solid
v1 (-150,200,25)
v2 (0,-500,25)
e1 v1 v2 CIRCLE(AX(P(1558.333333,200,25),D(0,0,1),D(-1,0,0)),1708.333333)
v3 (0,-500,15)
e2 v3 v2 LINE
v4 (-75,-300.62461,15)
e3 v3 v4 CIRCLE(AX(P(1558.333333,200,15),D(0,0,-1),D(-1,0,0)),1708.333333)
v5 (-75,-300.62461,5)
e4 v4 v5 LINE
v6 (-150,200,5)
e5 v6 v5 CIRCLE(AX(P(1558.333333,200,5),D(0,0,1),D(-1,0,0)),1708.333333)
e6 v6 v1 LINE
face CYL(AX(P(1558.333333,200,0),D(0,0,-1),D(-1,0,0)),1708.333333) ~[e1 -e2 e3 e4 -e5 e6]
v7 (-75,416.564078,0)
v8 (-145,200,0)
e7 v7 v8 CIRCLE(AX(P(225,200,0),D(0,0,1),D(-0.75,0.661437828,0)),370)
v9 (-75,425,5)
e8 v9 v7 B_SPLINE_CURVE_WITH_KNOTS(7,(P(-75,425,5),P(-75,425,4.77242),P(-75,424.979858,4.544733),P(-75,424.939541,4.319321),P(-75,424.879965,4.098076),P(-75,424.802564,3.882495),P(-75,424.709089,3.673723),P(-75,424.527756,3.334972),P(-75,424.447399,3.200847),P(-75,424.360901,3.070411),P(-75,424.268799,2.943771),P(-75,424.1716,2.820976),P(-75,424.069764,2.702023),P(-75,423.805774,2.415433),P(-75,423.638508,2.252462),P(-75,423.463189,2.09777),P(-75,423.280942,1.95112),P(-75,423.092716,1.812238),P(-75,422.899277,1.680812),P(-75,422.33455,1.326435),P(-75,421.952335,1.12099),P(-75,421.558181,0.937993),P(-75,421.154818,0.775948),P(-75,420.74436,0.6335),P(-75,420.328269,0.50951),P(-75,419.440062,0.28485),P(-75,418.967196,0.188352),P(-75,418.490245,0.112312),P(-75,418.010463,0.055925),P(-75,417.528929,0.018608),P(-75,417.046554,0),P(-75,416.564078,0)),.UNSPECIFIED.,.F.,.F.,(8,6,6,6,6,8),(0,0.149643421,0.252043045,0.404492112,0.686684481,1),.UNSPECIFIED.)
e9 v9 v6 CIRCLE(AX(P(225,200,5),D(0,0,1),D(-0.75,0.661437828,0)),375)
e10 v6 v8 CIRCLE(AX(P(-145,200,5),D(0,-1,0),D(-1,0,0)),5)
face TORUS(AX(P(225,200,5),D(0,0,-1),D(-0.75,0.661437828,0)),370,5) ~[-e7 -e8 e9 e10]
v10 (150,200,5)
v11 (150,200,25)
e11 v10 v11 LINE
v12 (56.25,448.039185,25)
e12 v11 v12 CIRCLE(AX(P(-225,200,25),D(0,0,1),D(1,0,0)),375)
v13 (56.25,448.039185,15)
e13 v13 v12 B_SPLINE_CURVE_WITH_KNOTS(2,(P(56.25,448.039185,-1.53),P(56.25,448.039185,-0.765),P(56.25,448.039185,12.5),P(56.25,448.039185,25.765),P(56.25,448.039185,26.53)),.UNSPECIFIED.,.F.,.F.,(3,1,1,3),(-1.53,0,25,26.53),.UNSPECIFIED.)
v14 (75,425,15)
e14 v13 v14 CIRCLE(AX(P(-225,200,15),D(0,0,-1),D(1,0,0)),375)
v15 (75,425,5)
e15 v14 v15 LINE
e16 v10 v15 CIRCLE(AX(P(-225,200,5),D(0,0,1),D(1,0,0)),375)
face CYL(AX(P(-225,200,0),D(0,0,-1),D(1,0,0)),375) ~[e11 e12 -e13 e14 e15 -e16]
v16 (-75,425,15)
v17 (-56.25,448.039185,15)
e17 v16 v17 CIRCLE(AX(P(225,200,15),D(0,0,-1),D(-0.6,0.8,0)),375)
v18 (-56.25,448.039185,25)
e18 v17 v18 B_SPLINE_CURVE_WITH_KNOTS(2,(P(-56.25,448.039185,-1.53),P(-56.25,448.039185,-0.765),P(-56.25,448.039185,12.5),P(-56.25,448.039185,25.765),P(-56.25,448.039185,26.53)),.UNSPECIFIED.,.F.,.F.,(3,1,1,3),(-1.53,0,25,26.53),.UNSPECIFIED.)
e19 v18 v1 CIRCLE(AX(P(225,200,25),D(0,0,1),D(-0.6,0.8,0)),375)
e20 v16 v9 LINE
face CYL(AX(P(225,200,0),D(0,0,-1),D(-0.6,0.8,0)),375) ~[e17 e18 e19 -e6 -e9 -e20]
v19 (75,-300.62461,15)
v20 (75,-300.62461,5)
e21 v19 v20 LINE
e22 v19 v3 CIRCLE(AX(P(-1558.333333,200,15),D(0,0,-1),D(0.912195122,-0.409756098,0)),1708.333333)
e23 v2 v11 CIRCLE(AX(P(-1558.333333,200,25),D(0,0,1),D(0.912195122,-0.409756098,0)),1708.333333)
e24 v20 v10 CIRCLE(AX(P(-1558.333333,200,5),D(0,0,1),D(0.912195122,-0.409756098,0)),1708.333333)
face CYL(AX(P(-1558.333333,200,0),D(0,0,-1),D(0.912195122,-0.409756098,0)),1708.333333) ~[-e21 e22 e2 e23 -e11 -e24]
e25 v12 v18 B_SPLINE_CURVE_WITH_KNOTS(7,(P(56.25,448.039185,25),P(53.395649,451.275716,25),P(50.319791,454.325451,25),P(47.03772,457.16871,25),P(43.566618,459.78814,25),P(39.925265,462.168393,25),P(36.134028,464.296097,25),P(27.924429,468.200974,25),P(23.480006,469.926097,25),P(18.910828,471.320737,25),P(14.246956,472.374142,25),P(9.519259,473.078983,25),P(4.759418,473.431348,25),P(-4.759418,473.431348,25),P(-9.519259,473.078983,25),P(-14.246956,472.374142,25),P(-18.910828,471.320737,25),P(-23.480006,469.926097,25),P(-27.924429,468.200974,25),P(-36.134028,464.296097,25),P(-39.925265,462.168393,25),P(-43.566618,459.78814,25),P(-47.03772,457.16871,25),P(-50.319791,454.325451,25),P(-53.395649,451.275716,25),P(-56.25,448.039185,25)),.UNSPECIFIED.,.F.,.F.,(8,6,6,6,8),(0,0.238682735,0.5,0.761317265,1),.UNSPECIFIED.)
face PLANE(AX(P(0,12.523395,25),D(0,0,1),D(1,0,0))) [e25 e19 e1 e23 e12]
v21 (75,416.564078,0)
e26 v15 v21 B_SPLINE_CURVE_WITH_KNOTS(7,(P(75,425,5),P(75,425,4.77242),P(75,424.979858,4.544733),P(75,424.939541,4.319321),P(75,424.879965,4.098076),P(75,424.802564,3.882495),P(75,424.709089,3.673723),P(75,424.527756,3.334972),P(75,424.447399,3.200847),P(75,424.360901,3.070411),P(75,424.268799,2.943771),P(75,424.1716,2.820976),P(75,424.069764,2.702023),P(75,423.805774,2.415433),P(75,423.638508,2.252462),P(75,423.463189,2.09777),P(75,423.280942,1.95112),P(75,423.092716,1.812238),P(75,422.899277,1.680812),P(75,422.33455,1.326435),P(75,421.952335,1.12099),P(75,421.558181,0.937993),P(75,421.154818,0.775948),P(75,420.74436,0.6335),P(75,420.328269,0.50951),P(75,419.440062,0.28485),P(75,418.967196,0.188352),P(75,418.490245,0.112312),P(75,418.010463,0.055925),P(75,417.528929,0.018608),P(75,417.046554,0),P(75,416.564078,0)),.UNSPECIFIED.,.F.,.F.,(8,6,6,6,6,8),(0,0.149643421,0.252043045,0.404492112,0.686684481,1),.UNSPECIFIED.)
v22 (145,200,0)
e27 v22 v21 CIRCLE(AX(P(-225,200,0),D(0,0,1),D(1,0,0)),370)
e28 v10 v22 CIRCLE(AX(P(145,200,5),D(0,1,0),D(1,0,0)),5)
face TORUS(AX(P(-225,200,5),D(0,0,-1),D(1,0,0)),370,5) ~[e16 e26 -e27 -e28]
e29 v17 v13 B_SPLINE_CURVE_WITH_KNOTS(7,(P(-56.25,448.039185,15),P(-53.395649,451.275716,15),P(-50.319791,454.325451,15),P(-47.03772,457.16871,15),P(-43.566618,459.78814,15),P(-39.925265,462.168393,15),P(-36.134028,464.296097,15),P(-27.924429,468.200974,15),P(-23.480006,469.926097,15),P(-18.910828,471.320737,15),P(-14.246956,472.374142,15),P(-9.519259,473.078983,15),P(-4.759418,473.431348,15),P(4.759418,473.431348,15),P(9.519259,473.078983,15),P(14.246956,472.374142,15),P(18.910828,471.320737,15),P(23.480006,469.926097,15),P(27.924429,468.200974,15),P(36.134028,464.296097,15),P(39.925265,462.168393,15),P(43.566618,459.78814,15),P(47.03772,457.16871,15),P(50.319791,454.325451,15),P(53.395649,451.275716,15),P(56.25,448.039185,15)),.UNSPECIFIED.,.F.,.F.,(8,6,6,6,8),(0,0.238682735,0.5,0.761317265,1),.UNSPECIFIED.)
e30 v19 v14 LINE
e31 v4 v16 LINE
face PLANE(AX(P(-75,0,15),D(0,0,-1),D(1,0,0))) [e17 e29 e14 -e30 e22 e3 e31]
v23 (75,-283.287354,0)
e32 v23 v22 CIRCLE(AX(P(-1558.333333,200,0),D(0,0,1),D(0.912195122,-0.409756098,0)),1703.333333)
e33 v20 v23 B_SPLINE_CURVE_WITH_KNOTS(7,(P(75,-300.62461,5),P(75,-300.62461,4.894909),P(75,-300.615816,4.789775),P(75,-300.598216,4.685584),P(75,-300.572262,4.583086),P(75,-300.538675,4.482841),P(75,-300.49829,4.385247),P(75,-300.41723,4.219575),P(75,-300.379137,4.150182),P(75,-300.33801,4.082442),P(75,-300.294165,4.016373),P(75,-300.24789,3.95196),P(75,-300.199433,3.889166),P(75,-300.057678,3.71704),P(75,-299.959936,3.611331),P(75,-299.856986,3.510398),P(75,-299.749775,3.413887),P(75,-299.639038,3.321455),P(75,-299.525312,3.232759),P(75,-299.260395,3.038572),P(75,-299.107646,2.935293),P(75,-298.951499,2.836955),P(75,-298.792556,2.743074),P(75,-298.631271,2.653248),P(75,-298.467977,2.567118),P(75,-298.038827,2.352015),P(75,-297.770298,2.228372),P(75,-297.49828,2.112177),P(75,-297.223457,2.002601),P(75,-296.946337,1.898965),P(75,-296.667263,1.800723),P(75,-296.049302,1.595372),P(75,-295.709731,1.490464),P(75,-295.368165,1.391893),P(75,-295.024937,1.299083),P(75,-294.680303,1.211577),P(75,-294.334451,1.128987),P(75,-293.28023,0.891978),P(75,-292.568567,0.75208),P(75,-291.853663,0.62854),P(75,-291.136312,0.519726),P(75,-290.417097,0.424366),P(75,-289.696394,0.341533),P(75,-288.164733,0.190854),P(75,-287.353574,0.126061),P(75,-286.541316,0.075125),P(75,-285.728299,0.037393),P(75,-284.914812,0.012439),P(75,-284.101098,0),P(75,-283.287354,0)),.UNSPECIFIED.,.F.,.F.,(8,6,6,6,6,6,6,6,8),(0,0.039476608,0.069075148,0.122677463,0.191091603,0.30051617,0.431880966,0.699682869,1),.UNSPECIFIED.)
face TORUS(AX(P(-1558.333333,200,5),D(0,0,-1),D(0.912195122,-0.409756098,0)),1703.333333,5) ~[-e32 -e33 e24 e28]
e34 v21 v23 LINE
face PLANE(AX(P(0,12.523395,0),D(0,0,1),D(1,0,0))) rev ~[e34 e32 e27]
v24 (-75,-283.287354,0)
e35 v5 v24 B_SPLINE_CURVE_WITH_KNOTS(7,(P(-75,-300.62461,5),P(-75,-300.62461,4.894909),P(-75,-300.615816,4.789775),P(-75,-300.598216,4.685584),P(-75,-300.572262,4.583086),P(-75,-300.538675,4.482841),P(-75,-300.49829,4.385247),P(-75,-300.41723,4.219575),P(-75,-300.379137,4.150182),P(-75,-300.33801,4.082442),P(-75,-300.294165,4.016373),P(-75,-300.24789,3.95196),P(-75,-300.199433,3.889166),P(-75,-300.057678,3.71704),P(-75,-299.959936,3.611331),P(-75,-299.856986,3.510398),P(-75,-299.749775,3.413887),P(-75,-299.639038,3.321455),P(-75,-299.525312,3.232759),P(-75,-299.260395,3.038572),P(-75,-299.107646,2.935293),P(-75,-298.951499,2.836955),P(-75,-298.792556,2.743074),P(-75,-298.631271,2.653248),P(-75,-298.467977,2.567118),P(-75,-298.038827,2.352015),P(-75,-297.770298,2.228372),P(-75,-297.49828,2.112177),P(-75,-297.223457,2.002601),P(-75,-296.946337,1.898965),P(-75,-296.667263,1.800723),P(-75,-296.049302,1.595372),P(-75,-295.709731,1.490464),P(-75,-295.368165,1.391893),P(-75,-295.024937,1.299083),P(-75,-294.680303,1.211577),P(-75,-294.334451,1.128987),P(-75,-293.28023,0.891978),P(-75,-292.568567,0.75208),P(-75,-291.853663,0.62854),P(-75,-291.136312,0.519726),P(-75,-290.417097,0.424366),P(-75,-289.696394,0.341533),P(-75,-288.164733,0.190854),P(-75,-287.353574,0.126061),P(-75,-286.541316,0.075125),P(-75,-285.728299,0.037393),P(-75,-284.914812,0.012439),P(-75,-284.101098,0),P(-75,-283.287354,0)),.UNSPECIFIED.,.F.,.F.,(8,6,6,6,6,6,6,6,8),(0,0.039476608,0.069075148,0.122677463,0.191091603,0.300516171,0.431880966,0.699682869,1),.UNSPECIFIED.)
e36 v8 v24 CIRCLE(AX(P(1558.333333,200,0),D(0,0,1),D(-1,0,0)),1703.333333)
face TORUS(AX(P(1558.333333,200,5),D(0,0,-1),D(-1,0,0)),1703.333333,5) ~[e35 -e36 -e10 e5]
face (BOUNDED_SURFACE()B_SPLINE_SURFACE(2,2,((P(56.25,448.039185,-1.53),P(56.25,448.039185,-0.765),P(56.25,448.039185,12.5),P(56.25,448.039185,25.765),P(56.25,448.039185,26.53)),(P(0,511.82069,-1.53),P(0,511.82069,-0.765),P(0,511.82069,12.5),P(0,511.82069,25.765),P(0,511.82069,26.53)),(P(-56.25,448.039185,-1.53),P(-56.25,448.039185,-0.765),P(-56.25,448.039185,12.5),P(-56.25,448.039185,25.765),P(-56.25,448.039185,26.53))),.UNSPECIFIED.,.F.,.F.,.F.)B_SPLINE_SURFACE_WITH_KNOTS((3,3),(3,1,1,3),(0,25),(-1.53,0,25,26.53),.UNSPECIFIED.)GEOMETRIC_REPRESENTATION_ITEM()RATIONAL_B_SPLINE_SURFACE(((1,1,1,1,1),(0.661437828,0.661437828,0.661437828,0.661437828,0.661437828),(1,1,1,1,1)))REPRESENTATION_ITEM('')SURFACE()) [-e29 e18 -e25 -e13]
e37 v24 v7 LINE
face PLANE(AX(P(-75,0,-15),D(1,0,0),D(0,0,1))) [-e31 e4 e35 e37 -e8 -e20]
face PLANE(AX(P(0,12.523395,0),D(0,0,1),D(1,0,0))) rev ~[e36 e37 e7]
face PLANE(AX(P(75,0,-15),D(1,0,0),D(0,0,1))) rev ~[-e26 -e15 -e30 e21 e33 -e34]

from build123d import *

# Parameters (mm, degrees)
F1_DEPTH      = 25
F2_R          = 75
F3_R          = 5
F4_W          = 150
F4_H          = 30
F5_DEPTH      = 473.4323484298
F5_DEPTH_BACK = 500.0010001


with BuildPart() as f1:
    # F0 (on Top) → F1 (new body)
    with BuildSketch(Plane.XY):
        with BuildLine():
            ThreePointArc((150, 200), (110.410196625, 367.7050983125), (0, 500))
            ThreePointArc((0, 500), (-110.410196625, 367.7050983125), (-150, 200))
            ThreePointArc((-150, 200), (-112.0791240489, -157.9455265819), (0, -500))
            ThreePointArc((0, -500), (112.0791240489, -157.9455265819), (150, 200))
        make_face()
    extrude(amount=F1_DEPTH)

    # F2
    f2_edges = [f1.edges().sort_by_distance(p)[0] for p in [
        (0, 500, 12.5),
    ]]
    fillet(f2_edges, radius=F2_R)

    # F3
    f3_edges = [f1.edges().sort_by_distance(p)[0] for p in [
        (125.78038, 332.582521, 0),
        (0, 473.431348, 0),
        (112.079124, -157.945527, 0),
        (-125.78038, 332.582521, 0),
        (-112.079124, -157.945527, 0),
    ]]
    fillet(f3_edges, radius=F3_R)

    # F4 (on Front) → F5 (cut, two sides)
    with BuildSketch(Plane.XZ) as f5_sk:
        Rectangle(F4_W, F4_H)
    extrude(amount=-F5_DEPTH, mode=Mode.SUBTRACT)
    extrude(f5_sk.sketch, amount=F5_DEPTH_BACK, mode=Mode.SUBTRACT)


solid = f1.part
